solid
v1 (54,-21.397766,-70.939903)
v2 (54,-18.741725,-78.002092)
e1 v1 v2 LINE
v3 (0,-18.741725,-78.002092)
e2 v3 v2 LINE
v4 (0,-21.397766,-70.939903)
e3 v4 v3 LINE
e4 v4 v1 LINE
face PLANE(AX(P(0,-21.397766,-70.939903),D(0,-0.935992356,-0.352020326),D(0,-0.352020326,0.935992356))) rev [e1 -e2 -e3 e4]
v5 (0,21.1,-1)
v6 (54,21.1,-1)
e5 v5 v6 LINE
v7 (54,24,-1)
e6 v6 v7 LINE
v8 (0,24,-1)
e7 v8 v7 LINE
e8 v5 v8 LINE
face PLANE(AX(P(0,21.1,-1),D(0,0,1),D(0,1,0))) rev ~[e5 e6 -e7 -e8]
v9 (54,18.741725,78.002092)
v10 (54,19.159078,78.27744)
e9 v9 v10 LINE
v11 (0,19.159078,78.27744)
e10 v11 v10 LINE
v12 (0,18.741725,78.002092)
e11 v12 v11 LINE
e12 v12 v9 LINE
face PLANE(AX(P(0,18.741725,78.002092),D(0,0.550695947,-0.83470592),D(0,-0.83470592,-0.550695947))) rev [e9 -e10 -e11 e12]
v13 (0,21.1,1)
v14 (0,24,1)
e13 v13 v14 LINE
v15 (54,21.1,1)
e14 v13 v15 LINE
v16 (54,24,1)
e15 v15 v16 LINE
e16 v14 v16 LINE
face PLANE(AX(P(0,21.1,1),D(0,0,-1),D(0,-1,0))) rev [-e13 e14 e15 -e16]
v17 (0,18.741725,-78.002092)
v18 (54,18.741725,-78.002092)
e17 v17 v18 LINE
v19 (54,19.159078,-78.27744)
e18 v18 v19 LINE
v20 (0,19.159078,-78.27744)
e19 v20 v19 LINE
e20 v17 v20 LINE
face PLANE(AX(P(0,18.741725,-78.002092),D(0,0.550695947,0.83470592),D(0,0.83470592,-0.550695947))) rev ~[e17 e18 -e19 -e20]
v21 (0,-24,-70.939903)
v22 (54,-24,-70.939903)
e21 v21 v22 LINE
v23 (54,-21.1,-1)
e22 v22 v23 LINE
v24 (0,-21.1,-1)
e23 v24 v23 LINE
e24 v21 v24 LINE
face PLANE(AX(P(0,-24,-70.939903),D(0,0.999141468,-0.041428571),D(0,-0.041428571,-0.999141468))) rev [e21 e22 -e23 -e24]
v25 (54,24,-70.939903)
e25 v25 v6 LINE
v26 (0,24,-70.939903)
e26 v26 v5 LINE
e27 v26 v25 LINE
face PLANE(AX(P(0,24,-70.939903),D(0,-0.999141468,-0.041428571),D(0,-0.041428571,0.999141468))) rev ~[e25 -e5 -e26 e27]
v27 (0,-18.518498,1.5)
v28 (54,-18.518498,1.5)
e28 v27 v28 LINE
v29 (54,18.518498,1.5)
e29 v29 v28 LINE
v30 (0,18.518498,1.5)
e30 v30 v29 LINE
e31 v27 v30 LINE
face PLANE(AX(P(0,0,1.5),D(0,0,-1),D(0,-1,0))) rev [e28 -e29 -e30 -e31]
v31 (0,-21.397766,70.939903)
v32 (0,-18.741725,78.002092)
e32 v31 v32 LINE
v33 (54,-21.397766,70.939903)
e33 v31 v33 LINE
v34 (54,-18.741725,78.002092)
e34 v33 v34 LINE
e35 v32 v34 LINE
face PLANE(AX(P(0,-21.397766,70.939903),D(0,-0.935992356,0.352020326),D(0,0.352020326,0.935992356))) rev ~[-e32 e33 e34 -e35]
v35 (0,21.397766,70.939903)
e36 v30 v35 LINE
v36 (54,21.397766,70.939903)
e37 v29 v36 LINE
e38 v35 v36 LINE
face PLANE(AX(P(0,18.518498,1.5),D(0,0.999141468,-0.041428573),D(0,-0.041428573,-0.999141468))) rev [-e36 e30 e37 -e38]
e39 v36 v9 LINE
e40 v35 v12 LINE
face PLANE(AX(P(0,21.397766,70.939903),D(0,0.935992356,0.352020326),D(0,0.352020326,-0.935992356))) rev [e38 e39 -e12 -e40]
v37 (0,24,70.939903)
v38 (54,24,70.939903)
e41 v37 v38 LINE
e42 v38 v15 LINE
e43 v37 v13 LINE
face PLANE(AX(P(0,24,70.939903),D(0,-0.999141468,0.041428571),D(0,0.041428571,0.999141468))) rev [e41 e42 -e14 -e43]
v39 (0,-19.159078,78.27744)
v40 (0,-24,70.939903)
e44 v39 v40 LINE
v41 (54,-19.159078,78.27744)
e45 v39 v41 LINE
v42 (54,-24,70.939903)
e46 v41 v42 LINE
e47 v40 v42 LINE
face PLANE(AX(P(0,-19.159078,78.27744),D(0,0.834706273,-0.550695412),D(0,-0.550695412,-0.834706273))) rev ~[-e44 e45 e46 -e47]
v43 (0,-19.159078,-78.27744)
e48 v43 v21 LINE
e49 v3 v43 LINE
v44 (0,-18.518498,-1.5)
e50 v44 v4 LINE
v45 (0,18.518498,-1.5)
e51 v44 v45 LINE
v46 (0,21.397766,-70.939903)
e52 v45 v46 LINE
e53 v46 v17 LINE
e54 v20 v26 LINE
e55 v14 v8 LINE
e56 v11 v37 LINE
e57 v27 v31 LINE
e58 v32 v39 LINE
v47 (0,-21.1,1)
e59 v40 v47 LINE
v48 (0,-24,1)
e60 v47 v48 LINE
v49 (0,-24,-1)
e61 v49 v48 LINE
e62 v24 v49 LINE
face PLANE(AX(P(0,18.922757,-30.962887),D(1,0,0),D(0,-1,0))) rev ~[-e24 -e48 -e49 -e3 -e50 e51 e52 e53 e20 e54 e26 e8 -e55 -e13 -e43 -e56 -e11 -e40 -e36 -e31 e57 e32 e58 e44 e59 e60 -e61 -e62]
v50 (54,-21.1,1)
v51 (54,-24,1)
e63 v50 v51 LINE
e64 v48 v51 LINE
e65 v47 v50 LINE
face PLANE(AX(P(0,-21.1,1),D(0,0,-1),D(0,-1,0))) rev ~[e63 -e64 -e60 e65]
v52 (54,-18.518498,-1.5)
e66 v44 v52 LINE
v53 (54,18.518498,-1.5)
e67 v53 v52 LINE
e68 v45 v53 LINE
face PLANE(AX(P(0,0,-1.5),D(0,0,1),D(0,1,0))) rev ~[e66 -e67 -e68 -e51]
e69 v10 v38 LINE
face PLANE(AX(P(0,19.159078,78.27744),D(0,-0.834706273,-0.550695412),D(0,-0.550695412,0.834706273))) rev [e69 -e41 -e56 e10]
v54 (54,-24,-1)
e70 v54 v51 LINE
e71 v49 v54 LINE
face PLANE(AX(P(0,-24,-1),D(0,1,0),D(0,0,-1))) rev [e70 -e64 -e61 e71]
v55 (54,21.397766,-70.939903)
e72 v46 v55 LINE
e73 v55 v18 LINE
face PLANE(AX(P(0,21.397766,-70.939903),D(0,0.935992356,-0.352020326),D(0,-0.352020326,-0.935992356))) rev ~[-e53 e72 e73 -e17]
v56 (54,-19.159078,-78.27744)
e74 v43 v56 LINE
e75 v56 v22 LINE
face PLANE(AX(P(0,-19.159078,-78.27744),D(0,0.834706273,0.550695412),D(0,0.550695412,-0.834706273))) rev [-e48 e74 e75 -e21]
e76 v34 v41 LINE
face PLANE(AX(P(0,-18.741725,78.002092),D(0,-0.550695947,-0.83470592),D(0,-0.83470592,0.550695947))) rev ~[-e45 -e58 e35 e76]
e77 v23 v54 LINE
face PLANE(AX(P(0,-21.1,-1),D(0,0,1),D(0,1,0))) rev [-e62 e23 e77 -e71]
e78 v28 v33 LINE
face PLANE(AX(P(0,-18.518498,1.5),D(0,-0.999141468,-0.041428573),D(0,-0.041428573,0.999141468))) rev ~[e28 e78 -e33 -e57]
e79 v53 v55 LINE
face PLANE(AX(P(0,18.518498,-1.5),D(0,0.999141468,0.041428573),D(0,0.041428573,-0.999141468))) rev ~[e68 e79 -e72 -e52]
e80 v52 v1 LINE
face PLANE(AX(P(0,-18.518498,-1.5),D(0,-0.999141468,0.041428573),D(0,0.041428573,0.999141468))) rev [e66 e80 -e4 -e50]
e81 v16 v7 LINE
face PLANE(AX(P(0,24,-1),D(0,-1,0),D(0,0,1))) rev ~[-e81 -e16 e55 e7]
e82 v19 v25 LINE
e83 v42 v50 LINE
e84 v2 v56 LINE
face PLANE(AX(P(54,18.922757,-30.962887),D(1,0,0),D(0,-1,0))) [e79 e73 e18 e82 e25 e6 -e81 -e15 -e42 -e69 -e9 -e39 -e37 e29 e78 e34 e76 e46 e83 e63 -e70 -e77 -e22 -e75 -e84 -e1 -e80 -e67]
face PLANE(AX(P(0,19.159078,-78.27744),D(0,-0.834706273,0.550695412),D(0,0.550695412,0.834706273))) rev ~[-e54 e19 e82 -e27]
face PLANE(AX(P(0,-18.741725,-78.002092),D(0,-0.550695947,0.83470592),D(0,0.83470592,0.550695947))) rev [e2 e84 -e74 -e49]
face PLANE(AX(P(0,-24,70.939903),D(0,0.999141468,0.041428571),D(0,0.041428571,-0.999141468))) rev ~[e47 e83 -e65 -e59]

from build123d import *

# Parameters (mm, degrees)
F1_DEPTH = 54


with BuildPart() as f1:
    # F0 (on Right) → F1 (new body)
    with BuildSketch(Plane.YZ):
        Polygon((-24, 0), (0, 0), (0, 1.5), (-18.518498, 1.5), (-21.397766, 70.939903), (-18.741725, 78.002092), (-19.159078, 78.27744), (-24, 70.939903), (-21.1, 1), (-24, 1), align=None)
    extrude(amount=F1_DEPTH)

    # F2: F1 across plane


with BuildPart() as f1_1:
    add(f1.part)
    add(f1.part.mirror(Plane.XZ))

    # F3: F1 across plane


with BuildPart() as f1_2:
    add(f1_1.part)
    add(f1_1.part.mirror(Plane.XY))


solid = f1_2.part
